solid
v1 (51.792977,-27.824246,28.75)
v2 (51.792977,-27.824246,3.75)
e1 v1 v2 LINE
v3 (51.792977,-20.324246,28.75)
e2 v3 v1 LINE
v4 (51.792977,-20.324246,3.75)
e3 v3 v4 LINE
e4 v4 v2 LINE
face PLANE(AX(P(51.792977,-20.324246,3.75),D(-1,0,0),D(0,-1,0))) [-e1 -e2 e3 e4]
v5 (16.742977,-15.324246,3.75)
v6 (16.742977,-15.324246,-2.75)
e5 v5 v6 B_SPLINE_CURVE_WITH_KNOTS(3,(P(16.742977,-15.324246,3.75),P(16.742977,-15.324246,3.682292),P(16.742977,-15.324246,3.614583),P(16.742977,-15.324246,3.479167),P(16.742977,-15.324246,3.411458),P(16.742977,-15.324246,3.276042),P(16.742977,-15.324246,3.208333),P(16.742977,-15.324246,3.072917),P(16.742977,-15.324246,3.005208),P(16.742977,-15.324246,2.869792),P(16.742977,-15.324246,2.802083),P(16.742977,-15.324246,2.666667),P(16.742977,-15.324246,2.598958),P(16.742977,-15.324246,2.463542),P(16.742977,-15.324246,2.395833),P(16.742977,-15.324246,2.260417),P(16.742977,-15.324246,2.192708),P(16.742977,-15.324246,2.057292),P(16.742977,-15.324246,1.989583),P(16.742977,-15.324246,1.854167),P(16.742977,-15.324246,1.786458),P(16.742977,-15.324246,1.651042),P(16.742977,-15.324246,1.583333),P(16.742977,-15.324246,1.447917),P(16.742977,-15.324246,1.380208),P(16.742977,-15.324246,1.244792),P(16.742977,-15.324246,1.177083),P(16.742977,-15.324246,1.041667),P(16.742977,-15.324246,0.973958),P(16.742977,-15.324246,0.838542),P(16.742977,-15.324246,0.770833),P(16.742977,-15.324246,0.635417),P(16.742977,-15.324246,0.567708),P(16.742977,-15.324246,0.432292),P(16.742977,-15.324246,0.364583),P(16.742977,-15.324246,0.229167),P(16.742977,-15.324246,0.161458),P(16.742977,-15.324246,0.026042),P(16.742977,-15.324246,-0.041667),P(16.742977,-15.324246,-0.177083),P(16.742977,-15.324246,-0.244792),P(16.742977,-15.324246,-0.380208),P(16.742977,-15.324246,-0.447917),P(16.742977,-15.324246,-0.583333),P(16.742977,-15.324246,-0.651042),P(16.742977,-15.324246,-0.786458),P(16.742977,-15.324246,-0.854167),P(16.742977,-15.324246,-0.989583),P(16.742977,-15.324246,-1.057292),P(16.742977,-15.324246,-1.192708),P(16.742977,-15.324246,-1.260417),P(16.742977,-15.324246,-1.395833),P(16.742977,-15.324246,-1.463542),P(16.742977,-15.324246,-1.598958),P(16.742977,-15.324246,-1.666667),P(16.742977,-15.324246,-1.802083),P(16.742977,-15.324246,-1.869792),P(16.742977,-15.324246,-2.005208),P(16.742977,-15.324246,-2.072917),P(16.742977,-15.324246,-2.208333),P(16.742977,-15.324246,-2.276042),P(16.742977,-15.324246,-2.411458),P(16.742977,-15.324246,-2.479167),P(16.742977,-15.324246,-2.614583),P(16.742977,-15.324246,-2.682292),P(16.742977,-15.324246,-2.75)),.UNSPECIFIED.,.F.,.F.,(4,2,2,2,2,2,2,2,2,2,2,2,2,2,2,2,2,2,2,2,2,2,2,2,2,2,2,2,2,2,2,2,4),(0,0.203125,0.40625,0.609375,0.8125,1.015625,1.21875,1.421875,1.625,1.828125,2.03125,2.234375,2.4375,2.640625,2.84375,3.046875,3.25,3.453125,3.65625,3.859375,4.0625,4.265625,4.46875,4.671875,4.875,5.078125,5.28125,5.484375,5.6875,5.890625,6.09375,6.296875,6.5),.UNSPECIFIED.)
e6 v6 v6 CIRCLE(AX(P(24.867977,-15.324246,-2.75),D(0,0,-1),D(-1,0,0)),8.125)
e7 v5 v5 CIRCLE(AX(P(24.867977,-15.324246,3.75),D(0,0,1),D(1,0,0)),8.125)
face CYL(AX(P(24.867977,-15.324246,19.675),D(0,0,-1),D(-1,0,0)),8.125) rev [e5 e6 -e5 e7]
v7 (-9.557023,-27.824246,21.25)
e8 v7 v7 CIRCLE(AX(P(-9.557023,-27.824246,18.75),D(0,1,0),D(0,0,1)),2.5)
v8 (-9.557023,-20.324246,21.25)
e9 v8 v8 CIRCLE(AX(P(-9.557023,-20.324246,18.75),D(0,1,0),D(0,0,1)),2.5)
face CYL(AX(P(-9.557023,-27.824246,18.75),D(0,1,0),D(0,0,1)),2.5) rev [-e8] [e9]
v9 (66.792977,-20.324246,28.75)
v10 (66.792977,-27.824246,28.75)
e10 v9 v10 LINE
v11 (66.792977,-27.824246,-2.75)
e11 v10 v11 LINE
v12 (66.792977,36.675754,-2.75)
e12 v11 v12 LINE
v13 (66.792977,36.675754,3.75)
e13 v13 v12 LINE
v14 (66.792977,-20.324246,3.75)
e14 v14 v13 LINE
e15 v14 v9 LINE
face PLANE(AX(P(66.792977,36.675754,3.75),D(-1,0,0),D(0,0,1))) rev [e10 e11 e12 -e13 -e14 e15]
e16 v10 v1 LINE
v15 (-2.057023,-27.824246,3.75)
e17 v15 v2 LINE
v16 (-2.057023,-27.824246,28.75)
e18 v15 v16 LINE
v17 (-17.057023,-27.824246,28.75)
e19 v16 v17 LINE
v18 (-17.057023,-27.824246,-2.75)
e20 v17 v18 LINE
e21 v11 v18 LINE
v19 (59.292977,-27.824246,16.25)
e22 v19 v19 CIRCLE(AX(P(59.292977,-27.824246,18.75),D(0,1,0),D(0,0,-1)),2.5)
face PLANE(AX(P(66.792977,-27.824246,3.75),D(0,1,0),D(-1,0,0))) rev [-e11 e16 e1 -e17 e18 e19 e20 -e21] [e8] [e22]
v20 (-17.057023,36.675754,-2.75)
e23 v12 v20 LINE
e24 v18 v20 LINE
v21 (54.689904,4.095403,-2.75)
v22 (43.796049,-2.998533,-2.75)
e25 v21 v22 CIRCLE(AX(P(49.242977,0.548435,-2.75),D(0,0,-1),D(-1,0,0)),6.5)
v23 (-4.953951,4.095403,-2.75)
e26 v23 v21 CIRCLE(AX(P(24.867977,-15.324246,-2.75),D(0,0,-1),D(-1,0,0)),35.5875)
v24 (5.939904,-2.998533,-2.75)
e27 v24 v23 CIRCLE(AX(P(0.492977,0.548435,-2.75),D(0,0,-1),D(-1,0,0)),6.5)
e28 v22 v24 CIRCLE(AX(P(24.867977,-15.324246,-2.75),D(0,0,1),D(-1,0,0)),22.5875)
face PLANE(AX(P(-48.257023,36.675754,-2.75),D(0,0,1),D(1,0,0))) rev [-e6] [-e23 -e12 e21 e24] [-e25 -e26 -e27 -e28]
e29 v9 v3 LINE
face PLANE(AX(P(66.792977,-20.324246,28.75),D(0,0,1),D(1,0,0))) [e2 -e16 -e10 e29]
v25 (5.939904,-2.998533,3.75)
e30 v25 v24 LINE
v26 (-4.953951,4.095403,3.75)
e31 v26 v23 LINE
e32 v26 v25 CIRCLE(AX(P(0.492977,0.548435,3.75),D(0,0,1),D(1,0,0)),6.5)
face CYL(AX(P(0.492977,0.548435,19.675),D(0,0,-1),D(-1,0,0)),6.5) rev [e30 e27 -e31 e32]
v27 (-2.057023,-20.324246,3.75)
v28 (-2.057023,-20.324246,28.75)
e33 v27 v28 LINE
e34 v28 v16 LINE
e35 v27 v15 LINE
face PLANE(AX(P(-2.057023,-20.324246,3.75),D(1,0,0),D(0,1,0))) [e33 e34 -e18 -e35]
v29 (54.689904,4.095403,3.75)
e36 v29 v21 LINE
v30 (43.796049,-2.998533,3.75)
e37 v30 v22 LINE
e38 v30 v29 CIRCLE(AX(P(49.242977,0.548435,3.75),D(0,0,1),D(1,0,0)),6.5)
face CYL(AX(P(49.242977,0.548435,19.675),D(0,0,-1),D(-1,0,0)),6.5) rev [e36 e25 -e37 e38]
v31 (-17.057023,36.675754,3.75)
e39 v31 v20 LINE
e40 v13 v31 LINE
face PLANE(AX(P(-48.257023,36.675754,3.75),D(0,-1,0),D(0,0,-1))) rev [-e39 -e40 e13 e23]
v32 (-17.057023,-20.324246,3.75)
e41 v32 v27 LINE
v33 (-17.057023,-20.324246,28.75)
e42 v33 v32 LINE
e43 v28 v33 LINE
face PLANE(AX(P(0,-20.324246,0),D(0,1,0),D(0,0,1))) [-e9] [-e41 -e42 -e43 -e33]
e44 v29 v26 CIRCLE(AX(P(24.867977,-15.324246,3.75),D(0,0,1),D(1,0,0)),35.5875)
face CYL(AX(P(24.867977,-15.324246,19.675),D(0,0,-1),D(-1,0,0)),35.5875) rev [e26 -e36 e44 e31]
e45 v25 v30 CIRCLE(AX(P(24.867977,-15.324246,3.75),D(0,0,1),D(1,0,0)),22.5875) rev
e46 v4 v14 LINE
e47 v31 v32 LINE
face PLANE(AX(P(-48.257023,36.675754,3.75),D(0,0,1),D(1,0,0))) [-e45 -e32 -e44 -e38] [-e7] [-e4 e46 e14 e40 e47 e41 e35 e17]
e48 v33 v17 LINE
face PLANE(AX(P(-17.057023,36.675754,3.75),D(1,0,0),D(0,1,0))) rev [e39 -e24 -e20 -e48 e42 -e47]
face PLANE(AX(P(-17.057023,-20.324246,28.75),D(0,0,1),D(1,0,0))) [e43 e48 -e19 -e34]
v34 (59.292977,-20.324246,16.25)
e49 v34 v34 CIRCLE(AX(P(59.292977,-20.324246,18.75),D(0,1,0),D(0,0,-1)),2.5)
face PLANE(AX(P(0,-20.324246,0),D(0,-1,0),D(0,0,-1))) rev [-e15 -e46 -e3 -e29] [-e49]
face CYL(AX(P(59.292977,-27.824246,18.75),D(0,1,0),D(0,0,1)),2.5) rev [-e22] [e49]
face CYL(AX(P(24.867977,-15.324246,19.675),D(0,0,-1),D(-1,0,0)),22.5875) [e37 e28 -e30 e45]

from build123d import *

# Parameters (mm, degrees)
BOSS_EXTRU_1_DEPTH      = 1
ESQUISSE3_R             = 1.25
ENL_V_MAT_EXTRU_1_DEPTH = 3.45
ENL_V_MAT_EXTRU_2_DEPTH = 3.45
SCALE1_SCALE            = 6.5
CUT_EXTRUDE1_DEPTH      = 86.932976581
CUT_EXTRUDE1_DEPTH_BACK = 86.932976581
SKETCH2_W               = 15
SKETCH2_H               = 25
BOSS_EXTRUDE1_DEPTH     = 7.5
SKETCH3_R               = 2.5
CUT_EXTRUDE3_DEPTH      = 93.395152617


with BuildPart() as part:
    # Esquisse1 → Boss.-Extru.1 (new body)
    with BuildSketch(Plane.XY):
        Polygon((15.875, -11.8), (17.7, -11.8), (17.7, 0), (13.225, 0), (9.275, 0), (0, 0), (0, -11.8), (6.625, -11.8), (6.625, -13.9), (15.875, -13.9), align=None)
    extrude(amount=BOSS_EXTRU_1_DEPTH)

    # Esquisse3 → Enlèv. mat.-Extru.1 (cut)
    with BuildSketch(Plane(origin=(0, 0, 0), x_dir=(-1, 0, 0), z_dir=(0, 0, -1))):
        with Locations((-11.25, -8)):
            Circle(ESQUISSE3_R)
    extrude(amount=-ENL_V_MAT_EXTRU_1_DEPTH, mode=Mode.SUBTRACT)

    # Esquisse5 → Enlèv. mat.-Extru.2 (cut)
    with BuildSketch(Plane(origin=(0, 0, 0), x_dir=(-1, 0, 0), z_dir=(0, 0, -1))):
        with BuildLine():
            ThreePointArc((-6.662011173, -5.012361547), (-11.25, -2.525), (-15.837988827, -5.012361547))
            ThreePointArc((-15.837988827, -5.012361547), (-15.545687389, -6.396037763), (-14.162011173, -6.103736324))
            ThreePointArc((-14.162011173, -6.103736324), (-11.25, -4.525), (-8.337988827, -6.103736324))
            ThreePointArc((-8.337988827, -6.103736324), (-6.954312611, -6.396037763), (-6.662011173, -5.012361547))
        make_face()
    extrude(amount=-ENL_V_MAT_EXTRU_2_DEPTH, mode=Mode.SUBTRACT)


with BuildPart() as part_1:
    # Scale1: scaled about (8.774004249, -6.668318819, 0.5)
    add(part.part.scale(SCALE1_SCALE).moved(Location((-48.25702337, 36.675753504, -2.75))))

    # Sketch1 → Cut-Extrude1 (cut, two sides: drawn at the far end of the back side and taken through both)
    with BuildSketch(Plane(origin=(0, 0, -2.75), x_dir=(-1, 0, 0), z_dir=(0, 0, -1)).offset(-CUT_EXTRUDE1_DEPTH_BACK)):
        Polygon((-66.79297663, -27.824246495), (17.05702337, -27.824246495), (17.05702337, 36.675753505), (48.25702337, 36.675753505), (48.25702337, -27.824246495), (48.25702337, -58.098552113), (-66.79297663, -58.098552113), align=None)
    extrude(amount=CUT_EXTRUDE1_DEPTH + CUT_EXTRUDE1_DEPTH_BACK, mode=Mode.SUBTRACT)

    # Sketch2 → Boss-Extrude1 (add)
    with BuildSketch(Plane.XZ.offset(27.824246495)):
        with Locations((-9.55702337, 16.25)):
            Rectangle(SKETCH2_W, SKETCH2_H)
        with Locations((59.29297663, 16.25)):
            Rectangle(SKETCH2_W, SKETCH2_H)
    extrude(amount=-BOSS_EXTRUDE1_DEPTH)

    # Sketch3 → Cut-Extrude3 (cut, through all)
    with BuildSketch(Plane(origin=(0, -20.324246495, 0), x_dir=(1, 0, 0), z_dir=(0, 1, 0))):
        with Locations(Location((-9.55702337, -18.75, 0), (0, 0, 270))):
            Circle(SKETCH3_R)
        with Locations(Location((59.29297663, -18.75, 0), (0, 0, 90))):
            Circle(SKETCH3_R)
    extrude(amount=-CUT_EXTRUDE3_DEPTH, mode=Mode.SUBTRACT)


solid = part_1.part
